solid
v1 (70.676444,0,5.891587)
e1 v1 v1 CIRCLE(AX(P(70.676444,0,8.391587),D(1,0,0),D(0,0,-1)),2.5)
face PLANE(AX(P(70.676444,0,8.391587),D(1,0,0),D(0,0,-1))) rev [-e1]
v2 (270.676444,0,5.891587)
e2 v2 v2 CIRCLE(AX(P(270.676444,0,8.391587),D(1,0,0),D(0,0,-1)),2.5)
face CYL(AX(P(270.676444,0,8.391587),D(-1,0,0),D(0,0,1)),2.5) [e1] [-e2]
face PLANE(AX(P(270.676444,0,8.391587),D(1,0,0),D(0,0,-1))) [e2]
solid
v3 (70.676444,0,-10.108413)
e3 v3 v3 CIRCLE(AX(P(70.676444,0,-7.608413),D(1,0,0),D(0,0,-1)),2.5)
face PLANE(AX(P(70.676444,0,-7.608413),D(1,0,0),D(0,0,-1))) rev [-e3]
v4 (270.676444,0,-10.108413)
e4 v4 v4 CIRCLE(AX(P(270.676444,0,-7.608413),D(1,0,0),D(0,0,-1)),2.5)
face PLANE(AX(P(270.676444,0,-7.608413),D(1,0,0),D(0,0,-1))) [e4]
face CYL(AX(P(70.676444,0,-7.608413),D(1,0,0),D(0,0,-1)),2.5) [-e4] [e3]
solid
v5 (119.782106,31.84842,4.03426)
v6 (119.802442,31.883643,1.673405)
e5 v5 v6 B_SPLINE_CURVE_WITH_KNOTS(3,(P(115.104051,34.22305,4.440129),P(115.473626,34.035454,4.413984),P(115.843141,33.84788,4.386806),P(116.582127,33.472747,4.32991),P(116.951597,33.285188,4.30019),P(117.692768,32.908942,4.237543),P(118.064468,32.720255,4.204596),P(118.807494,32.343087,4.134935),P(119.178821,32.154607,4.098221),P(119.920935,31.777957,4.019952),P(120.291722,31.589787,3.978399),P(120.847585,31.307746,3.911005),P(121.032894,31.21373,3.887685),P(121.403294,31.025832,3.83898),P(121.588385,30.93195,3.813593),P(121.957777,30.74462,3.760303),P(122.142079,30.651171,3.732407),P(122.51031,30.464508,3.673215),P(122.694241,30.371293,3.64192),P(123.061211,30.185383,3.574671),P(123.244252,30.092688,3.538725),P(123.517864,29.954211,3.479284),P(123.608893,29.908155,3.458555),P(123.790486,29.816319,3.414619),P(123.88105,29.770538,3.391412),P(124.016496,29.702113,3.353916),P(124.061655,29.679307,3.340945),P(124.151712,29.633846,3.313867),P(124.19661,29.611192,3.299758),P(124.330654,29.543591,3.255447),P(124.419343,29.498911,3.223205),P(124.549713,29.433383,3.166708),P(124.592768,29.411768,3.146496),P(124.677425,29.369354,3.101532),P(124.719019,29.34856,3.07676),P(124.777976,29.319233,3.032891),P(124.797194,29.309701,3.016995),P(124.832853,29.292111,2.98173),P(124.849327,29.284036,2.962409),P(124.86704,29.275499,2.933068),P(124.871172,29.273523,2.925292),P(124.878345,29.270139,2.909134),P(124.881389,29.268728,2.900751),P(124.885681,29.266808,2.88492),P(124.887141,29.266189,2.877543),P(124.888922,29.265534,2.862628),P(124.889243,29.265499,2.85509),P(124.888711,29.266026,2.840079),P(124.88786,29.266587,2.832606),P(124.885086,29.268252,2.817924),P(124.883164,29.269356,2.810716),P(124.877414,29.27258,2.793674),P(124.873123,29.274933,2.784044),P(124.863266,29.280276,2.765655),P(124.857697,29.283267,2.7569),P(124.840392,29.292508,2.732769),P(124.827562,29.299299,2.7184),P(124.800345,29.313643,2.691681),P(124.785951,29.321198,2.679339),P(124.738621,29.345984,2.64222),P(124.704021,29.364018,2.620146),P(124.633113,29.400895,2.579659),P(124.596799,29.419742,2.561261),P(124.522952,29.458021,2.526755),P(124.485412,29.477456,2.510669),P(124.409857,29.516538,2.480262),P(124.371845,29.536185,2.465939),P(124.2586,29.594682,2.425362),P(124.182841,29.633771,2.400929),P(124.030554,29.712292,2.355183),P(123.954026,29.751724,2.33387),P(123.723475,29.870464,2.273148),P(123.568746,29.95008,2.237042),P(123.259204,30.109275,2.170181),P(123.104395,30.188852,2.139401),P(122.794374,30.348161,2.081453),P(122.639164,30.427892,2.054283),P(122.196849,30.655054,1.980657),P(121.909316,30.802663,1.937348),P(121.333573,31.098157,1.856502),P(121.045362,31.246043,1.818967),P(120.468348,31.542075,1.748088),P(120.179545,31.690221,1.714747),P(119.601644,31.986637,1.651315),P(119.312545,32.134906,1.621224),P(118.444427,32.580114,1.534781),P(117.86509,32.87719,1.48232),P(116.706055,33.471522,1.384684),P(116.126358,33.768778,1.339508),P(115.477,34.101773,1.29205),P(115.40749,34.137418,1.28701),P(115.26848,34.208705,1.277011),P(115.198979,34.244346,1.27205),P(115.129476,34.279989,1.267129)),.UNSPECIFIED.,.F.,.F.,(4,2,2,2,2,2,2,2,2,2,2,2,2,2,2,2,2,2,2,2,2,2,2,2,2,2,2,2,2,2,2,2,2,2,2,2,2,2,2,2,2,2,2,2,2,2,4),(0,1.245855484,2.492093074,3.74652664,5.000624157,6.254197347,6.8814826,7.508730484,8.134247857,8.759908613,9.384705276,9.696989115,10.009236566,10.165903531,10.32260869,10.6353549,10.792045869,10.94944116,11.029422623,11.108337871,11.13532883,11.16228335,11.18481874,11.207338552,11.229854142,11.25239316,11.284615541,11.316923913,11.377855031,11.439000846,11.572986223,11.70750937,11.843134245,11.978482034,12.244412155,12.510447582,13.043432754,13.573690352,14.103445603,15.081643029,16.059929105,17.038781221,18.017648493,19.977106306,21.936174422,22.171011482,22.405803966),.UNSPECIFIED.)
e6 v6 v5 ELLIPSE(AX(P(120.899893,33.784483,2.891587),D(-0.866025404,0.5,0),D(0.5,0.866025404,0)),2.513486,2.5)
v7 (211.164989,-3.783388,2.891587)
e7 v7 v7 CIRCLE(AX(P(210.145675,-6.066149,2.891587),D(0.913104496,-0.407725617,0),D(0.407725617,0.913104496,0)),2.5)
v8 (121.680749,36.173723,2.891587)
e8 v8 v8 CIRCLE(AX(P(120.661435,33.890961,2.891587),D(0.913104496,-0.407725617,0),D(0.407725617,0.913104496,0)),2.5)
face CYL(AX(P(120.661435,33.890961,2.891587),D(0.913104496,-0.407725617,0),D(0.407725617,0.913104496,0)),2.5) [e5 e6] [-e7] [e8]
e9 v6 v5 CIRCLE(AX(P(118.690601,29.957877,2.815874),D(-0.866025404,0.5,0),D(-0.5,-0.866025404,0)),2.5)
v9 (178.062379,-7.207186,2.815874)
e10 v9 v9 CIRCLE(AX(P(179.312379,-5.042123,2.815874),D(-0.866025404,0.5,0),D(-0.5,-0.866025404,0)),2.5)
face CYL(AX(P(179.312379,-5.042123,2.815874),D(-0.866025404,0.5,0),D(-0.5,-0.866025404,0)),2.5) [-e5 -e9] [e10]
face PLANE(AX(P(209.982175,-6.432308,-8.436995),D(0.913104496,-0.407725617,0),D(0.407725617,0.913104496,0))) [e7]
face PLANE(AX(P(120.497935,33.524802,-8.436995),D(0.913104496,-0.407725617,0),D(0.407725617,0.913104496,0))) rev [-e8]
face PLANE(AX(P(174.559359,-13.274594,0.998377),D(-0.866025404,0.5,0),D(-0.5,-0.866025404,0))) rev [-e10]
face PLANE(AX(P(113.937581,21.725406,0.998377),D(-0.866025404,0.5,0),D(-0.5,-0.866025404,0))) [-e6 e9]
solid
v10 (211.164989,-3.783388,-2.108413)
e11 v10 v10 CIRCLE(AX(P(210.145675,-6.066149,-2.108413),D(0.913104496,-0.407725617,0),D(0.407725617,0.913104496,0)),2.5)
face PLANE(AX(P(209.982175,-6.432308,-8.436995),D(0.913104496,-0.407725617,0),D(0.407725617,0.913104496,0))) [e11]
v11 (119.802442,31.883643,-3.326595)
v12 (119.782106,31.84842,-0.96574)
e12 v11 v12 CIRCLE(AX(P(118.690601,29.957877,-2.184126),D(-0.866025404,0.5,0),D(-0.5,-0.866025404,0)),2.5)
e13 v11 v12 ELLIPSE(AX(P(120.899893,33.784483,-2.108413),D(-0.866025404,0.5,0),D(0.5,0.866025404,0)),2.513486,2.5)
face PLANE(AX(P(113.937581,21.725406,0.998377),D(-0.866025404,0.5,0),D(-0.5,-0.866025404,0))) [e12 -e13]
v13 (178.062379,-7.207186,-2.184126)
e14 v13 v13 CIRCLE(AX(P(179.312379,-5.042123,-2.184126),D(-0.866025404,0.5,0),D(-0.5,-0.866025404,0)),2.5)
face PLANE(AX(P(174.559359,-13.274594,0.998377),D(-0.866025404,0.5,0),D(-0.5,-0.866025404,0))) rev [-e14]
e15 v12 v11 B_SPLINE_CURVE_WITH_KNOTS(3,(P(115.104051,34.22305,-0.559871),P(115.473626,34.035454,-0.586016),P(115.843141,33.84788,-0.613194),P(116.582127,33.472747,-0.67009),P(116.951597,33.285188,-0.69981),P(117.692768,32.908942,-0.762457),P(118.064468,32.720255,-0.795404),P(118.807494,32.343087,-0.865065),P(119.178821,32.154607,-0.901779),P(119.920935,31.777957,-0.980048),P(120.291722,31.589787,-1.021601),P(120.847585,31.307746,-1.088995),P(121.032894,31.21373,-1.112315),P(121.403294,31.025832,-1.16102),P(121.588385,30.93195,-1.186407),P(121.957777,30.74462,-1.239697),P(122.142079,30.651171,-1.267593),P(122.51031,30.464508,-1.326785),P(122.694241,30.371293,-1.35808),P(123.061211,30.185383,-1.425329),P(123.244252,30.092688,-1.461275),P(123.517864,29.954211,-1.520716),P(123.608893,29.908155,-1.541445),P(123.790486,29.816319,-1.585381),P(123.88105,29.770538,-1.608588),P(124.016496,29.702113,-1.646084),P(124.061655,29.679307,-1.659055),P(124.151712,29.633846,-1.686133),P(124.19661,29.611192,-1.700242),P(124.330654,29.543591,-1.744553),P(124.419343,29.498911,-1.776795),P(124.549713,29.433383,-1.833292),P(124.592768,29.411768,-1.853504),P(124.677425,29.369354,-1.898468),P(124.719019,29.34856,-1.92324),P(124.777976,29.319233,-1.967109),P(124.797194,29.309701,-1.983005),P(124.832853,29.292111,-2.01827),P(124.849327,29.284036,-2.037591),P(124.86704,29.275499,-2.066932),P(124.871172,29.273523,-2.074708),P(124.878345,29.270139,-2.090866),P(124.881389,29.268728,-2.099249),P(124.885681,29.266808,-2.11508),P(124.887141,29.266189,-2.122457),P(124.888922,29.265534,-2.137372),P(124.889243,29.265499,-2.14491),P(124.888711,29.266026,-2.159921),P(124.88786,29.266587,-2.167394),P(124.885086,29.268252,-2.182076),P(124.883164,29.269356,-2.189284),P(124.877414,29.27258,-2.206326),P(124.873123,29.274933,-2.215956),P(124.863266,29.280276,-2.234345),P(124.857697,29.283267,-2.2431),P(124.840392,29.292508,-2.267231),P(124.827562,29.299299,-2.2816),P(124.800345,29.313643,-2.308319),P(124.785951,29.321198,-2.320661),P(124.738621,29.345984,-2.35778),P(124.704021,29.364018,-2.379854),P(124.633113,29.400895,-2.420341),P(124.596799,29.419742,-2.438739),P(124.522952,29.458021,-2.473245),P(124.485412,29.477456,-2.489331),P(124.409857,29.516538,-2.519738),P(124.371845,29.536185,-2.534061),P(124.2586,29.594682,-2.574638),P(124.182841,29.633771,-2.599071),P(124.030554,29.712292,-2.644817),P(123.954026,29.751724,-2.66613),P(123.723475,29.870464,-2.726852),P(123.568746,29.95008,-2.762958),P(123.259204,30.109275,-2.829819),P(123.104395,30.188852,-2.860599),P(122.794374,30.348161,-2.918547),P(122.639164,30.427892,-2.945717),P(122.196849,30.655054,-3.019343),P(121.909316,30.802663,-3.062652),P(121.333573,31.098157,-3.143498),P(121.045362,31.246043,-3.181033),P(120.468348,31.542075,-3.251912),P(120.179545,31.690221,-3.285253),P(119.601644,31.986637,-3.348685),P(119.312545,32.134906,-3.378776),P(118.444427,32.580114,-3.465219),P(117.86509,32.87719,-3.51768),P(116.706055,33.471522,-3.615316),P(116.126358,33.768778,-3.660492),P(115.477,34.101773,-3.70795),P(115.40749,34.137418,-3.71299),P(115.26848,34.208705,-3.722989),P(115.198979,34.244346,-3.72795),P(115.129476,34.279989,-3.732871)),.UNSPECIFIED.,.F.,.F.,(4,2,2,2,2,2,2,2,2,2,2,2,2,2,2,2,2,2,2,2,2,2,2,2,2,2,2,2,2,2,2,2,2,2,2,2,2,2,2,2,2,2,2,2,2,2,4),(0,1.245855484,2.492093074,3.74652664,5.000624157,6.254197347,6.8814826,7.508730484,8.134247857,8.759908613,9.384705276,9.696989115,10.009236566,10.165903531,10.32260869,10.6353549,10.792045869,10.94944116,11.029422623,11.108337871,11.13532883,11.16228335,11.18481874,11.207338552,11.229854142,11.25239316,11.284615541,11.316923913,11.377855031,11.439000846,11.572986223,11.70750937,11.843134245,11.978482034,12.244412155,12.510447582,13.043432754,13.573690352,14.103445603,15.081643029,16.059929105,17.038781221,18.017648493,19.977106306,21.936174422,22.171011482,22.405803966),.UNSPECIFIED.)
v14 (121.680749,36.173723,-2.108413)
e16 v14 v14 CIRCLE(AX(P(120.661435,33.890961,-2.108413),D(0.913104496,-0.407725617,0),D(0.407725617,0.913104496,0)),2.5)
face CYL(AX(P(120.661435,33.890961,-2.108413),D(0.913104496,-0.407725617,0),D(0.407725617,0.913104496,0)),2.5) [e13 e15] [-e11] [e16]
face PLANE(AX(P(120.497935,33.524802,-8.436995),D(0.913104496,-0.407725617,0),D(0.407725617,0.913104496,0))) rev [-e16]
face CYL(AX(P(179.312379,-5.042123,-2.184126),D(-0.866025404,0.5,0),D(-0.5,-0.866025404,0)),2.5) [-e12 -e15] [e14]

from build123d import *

# Parameters (mm, degrees)
SKETCH_2_R             = 2.5
EXTRUDE_1_DEPTH        = 100
EXTRUDE_1_DEPTH_BACK   = 100
SKETCH_3_R             = 2.5
EXTRUDE_START          = 100
SKETCH_5_R             = 2.5
EXTRUDE_3_DEPTH        = 100
EXTRUDE_4_DEPTH        = 60
EXTRUDE_4_DEPTH_BACK   = 10
SKETCH_9_R             = 2.5
EXTRUDE_4_2_DEPTH      = 60
EXTRUDE_4_2_DEPTH_BACK = 10
EXTRUDE_5_DEPTH        = 15
EXTRUDE_5_DEPTH_BACK   = 83
SKETCH_12_R            = 2.5


with BuildPart() as part:
    # 扫描1: sweep along a path in 草图1
    with BuildLine(Plane(origin=(0, 0, 0), x_dir=(1, 0, 0), z_dir=(0, 1, 0))) as sweep_1_path:
        Line((70.676444451, 8), (170.676444451, 8))
    # 草图2 → 扫描1 (sweep)
    with BuildSketch(Plane(origin=(170.676444451, 0, -8), x_dir=(0, 0, -1), z_dir=(1, 0, 0))):
        with Locations((-0.391587181, 0)):
            Circle(SKETCH_2_R)
    sweep(path=sweep_1_path.line)

    # 草图5 → 凸台-拉伸3 (add)
    with BuildSketch(Plane(origin=(170.676444451, 0, 0), x_dir=(0, 0, -1), z_dir=(1, 0, 0)).offset(EXTRUDE_START)):
        with Locations((7.608412819, 0)):
            Circle(SKETCH_5_R)
    extrude(amount=-EXTRUDE_3_DEPTH)


with BuildPart() as body_2:
    # 草图3 → 凸台-拉伸1 (new, two sides: drawn at the far end of the back side and taken through both)
    with BuildSketch(Plane(origin=(170.676444451, 0, 0), x_dir=(0, 0, -1), z_dir=(1, 0, 0)).offset(-EXTRUDE_1_DEPTH_BACK)):
        with Locations((-8.391587181, 0)):
            Circle(SKETCH_3_R)
    extrude(amount=EXTRUDE_1_DEPTH + EXTRUDE_1_DEPTH_BACK)


with BuildPart() as body_3:
    # 草图9 → 凸台-拉伸4 (new, two sides: drawn at the far end of the back side and taken through both)
    with BuildSketch(Plane(origin=(128.007333338, -73.905068361, 0), x_dir=(0, 0, -1), z_dir=(-0.8660254037844416, 0.49999999999999495, 0)).offset(-EXTRUDE_4_DEPTH_BACK)):
        with Locations((2.18412613, -85.289583238)):
            Circle(SKETCH_9_R)
    extrude(amount=EXTRUDE_4_DEPTH + EXTRUDE_4_DEPTH_BACK)



with BuildPart() as body_4:
    # 草图9 → Extrude 4 2 (new, two sides: drawn at the far end of the back side and taken through both)
    with BuildSketch(Plane(origin=(128.007333338, -73.905068361, 0), x_dir=(0, 0, -1), z_dir=(-0.8660254037844416, 0.49999999999999495, 0)).offset(-EXTRUDE_4_2_DEPTH_BACK)):
        with Locations((-2.81587387, -85.289583238)):
            Circle(SKETCH_9_R)
    extrude(amount=EXTRUDE_4_2_DEPTH + EXTRUDE_4_2_DEPTH_BACK)


with BuildPart() as body_3_1:
    add(body_3.part)

    add(body_4.part)  # 凸台-拉伸5 merges body 4
    # 草图12 → 凸台-拉伸5 (add, two sides: drawn at the far end of the back side and taken through both)
    with BuildSketch(Plane(origin=(196.426899862, 0, 0), x_dir=(0, 0, -1), z_dir=(0.9131044962608523, -0.40772561718417333, 0)).offset(-EXTRUDE_5_DEPTH_BACK)):
        with Locations((2.108412819, 0.054468103)):
            Circle(SKETCH_12_R)
        with Locations((-2.891587181, 0.054468103)):
            Circle(SKETCH_12_R)
    extrude(amount=EXTRUDE_5_DEPTH + EXTRUDE_5_DEPTH_BACK)


solid = Compound([part.part, body_2.part, body_3_1.part])
